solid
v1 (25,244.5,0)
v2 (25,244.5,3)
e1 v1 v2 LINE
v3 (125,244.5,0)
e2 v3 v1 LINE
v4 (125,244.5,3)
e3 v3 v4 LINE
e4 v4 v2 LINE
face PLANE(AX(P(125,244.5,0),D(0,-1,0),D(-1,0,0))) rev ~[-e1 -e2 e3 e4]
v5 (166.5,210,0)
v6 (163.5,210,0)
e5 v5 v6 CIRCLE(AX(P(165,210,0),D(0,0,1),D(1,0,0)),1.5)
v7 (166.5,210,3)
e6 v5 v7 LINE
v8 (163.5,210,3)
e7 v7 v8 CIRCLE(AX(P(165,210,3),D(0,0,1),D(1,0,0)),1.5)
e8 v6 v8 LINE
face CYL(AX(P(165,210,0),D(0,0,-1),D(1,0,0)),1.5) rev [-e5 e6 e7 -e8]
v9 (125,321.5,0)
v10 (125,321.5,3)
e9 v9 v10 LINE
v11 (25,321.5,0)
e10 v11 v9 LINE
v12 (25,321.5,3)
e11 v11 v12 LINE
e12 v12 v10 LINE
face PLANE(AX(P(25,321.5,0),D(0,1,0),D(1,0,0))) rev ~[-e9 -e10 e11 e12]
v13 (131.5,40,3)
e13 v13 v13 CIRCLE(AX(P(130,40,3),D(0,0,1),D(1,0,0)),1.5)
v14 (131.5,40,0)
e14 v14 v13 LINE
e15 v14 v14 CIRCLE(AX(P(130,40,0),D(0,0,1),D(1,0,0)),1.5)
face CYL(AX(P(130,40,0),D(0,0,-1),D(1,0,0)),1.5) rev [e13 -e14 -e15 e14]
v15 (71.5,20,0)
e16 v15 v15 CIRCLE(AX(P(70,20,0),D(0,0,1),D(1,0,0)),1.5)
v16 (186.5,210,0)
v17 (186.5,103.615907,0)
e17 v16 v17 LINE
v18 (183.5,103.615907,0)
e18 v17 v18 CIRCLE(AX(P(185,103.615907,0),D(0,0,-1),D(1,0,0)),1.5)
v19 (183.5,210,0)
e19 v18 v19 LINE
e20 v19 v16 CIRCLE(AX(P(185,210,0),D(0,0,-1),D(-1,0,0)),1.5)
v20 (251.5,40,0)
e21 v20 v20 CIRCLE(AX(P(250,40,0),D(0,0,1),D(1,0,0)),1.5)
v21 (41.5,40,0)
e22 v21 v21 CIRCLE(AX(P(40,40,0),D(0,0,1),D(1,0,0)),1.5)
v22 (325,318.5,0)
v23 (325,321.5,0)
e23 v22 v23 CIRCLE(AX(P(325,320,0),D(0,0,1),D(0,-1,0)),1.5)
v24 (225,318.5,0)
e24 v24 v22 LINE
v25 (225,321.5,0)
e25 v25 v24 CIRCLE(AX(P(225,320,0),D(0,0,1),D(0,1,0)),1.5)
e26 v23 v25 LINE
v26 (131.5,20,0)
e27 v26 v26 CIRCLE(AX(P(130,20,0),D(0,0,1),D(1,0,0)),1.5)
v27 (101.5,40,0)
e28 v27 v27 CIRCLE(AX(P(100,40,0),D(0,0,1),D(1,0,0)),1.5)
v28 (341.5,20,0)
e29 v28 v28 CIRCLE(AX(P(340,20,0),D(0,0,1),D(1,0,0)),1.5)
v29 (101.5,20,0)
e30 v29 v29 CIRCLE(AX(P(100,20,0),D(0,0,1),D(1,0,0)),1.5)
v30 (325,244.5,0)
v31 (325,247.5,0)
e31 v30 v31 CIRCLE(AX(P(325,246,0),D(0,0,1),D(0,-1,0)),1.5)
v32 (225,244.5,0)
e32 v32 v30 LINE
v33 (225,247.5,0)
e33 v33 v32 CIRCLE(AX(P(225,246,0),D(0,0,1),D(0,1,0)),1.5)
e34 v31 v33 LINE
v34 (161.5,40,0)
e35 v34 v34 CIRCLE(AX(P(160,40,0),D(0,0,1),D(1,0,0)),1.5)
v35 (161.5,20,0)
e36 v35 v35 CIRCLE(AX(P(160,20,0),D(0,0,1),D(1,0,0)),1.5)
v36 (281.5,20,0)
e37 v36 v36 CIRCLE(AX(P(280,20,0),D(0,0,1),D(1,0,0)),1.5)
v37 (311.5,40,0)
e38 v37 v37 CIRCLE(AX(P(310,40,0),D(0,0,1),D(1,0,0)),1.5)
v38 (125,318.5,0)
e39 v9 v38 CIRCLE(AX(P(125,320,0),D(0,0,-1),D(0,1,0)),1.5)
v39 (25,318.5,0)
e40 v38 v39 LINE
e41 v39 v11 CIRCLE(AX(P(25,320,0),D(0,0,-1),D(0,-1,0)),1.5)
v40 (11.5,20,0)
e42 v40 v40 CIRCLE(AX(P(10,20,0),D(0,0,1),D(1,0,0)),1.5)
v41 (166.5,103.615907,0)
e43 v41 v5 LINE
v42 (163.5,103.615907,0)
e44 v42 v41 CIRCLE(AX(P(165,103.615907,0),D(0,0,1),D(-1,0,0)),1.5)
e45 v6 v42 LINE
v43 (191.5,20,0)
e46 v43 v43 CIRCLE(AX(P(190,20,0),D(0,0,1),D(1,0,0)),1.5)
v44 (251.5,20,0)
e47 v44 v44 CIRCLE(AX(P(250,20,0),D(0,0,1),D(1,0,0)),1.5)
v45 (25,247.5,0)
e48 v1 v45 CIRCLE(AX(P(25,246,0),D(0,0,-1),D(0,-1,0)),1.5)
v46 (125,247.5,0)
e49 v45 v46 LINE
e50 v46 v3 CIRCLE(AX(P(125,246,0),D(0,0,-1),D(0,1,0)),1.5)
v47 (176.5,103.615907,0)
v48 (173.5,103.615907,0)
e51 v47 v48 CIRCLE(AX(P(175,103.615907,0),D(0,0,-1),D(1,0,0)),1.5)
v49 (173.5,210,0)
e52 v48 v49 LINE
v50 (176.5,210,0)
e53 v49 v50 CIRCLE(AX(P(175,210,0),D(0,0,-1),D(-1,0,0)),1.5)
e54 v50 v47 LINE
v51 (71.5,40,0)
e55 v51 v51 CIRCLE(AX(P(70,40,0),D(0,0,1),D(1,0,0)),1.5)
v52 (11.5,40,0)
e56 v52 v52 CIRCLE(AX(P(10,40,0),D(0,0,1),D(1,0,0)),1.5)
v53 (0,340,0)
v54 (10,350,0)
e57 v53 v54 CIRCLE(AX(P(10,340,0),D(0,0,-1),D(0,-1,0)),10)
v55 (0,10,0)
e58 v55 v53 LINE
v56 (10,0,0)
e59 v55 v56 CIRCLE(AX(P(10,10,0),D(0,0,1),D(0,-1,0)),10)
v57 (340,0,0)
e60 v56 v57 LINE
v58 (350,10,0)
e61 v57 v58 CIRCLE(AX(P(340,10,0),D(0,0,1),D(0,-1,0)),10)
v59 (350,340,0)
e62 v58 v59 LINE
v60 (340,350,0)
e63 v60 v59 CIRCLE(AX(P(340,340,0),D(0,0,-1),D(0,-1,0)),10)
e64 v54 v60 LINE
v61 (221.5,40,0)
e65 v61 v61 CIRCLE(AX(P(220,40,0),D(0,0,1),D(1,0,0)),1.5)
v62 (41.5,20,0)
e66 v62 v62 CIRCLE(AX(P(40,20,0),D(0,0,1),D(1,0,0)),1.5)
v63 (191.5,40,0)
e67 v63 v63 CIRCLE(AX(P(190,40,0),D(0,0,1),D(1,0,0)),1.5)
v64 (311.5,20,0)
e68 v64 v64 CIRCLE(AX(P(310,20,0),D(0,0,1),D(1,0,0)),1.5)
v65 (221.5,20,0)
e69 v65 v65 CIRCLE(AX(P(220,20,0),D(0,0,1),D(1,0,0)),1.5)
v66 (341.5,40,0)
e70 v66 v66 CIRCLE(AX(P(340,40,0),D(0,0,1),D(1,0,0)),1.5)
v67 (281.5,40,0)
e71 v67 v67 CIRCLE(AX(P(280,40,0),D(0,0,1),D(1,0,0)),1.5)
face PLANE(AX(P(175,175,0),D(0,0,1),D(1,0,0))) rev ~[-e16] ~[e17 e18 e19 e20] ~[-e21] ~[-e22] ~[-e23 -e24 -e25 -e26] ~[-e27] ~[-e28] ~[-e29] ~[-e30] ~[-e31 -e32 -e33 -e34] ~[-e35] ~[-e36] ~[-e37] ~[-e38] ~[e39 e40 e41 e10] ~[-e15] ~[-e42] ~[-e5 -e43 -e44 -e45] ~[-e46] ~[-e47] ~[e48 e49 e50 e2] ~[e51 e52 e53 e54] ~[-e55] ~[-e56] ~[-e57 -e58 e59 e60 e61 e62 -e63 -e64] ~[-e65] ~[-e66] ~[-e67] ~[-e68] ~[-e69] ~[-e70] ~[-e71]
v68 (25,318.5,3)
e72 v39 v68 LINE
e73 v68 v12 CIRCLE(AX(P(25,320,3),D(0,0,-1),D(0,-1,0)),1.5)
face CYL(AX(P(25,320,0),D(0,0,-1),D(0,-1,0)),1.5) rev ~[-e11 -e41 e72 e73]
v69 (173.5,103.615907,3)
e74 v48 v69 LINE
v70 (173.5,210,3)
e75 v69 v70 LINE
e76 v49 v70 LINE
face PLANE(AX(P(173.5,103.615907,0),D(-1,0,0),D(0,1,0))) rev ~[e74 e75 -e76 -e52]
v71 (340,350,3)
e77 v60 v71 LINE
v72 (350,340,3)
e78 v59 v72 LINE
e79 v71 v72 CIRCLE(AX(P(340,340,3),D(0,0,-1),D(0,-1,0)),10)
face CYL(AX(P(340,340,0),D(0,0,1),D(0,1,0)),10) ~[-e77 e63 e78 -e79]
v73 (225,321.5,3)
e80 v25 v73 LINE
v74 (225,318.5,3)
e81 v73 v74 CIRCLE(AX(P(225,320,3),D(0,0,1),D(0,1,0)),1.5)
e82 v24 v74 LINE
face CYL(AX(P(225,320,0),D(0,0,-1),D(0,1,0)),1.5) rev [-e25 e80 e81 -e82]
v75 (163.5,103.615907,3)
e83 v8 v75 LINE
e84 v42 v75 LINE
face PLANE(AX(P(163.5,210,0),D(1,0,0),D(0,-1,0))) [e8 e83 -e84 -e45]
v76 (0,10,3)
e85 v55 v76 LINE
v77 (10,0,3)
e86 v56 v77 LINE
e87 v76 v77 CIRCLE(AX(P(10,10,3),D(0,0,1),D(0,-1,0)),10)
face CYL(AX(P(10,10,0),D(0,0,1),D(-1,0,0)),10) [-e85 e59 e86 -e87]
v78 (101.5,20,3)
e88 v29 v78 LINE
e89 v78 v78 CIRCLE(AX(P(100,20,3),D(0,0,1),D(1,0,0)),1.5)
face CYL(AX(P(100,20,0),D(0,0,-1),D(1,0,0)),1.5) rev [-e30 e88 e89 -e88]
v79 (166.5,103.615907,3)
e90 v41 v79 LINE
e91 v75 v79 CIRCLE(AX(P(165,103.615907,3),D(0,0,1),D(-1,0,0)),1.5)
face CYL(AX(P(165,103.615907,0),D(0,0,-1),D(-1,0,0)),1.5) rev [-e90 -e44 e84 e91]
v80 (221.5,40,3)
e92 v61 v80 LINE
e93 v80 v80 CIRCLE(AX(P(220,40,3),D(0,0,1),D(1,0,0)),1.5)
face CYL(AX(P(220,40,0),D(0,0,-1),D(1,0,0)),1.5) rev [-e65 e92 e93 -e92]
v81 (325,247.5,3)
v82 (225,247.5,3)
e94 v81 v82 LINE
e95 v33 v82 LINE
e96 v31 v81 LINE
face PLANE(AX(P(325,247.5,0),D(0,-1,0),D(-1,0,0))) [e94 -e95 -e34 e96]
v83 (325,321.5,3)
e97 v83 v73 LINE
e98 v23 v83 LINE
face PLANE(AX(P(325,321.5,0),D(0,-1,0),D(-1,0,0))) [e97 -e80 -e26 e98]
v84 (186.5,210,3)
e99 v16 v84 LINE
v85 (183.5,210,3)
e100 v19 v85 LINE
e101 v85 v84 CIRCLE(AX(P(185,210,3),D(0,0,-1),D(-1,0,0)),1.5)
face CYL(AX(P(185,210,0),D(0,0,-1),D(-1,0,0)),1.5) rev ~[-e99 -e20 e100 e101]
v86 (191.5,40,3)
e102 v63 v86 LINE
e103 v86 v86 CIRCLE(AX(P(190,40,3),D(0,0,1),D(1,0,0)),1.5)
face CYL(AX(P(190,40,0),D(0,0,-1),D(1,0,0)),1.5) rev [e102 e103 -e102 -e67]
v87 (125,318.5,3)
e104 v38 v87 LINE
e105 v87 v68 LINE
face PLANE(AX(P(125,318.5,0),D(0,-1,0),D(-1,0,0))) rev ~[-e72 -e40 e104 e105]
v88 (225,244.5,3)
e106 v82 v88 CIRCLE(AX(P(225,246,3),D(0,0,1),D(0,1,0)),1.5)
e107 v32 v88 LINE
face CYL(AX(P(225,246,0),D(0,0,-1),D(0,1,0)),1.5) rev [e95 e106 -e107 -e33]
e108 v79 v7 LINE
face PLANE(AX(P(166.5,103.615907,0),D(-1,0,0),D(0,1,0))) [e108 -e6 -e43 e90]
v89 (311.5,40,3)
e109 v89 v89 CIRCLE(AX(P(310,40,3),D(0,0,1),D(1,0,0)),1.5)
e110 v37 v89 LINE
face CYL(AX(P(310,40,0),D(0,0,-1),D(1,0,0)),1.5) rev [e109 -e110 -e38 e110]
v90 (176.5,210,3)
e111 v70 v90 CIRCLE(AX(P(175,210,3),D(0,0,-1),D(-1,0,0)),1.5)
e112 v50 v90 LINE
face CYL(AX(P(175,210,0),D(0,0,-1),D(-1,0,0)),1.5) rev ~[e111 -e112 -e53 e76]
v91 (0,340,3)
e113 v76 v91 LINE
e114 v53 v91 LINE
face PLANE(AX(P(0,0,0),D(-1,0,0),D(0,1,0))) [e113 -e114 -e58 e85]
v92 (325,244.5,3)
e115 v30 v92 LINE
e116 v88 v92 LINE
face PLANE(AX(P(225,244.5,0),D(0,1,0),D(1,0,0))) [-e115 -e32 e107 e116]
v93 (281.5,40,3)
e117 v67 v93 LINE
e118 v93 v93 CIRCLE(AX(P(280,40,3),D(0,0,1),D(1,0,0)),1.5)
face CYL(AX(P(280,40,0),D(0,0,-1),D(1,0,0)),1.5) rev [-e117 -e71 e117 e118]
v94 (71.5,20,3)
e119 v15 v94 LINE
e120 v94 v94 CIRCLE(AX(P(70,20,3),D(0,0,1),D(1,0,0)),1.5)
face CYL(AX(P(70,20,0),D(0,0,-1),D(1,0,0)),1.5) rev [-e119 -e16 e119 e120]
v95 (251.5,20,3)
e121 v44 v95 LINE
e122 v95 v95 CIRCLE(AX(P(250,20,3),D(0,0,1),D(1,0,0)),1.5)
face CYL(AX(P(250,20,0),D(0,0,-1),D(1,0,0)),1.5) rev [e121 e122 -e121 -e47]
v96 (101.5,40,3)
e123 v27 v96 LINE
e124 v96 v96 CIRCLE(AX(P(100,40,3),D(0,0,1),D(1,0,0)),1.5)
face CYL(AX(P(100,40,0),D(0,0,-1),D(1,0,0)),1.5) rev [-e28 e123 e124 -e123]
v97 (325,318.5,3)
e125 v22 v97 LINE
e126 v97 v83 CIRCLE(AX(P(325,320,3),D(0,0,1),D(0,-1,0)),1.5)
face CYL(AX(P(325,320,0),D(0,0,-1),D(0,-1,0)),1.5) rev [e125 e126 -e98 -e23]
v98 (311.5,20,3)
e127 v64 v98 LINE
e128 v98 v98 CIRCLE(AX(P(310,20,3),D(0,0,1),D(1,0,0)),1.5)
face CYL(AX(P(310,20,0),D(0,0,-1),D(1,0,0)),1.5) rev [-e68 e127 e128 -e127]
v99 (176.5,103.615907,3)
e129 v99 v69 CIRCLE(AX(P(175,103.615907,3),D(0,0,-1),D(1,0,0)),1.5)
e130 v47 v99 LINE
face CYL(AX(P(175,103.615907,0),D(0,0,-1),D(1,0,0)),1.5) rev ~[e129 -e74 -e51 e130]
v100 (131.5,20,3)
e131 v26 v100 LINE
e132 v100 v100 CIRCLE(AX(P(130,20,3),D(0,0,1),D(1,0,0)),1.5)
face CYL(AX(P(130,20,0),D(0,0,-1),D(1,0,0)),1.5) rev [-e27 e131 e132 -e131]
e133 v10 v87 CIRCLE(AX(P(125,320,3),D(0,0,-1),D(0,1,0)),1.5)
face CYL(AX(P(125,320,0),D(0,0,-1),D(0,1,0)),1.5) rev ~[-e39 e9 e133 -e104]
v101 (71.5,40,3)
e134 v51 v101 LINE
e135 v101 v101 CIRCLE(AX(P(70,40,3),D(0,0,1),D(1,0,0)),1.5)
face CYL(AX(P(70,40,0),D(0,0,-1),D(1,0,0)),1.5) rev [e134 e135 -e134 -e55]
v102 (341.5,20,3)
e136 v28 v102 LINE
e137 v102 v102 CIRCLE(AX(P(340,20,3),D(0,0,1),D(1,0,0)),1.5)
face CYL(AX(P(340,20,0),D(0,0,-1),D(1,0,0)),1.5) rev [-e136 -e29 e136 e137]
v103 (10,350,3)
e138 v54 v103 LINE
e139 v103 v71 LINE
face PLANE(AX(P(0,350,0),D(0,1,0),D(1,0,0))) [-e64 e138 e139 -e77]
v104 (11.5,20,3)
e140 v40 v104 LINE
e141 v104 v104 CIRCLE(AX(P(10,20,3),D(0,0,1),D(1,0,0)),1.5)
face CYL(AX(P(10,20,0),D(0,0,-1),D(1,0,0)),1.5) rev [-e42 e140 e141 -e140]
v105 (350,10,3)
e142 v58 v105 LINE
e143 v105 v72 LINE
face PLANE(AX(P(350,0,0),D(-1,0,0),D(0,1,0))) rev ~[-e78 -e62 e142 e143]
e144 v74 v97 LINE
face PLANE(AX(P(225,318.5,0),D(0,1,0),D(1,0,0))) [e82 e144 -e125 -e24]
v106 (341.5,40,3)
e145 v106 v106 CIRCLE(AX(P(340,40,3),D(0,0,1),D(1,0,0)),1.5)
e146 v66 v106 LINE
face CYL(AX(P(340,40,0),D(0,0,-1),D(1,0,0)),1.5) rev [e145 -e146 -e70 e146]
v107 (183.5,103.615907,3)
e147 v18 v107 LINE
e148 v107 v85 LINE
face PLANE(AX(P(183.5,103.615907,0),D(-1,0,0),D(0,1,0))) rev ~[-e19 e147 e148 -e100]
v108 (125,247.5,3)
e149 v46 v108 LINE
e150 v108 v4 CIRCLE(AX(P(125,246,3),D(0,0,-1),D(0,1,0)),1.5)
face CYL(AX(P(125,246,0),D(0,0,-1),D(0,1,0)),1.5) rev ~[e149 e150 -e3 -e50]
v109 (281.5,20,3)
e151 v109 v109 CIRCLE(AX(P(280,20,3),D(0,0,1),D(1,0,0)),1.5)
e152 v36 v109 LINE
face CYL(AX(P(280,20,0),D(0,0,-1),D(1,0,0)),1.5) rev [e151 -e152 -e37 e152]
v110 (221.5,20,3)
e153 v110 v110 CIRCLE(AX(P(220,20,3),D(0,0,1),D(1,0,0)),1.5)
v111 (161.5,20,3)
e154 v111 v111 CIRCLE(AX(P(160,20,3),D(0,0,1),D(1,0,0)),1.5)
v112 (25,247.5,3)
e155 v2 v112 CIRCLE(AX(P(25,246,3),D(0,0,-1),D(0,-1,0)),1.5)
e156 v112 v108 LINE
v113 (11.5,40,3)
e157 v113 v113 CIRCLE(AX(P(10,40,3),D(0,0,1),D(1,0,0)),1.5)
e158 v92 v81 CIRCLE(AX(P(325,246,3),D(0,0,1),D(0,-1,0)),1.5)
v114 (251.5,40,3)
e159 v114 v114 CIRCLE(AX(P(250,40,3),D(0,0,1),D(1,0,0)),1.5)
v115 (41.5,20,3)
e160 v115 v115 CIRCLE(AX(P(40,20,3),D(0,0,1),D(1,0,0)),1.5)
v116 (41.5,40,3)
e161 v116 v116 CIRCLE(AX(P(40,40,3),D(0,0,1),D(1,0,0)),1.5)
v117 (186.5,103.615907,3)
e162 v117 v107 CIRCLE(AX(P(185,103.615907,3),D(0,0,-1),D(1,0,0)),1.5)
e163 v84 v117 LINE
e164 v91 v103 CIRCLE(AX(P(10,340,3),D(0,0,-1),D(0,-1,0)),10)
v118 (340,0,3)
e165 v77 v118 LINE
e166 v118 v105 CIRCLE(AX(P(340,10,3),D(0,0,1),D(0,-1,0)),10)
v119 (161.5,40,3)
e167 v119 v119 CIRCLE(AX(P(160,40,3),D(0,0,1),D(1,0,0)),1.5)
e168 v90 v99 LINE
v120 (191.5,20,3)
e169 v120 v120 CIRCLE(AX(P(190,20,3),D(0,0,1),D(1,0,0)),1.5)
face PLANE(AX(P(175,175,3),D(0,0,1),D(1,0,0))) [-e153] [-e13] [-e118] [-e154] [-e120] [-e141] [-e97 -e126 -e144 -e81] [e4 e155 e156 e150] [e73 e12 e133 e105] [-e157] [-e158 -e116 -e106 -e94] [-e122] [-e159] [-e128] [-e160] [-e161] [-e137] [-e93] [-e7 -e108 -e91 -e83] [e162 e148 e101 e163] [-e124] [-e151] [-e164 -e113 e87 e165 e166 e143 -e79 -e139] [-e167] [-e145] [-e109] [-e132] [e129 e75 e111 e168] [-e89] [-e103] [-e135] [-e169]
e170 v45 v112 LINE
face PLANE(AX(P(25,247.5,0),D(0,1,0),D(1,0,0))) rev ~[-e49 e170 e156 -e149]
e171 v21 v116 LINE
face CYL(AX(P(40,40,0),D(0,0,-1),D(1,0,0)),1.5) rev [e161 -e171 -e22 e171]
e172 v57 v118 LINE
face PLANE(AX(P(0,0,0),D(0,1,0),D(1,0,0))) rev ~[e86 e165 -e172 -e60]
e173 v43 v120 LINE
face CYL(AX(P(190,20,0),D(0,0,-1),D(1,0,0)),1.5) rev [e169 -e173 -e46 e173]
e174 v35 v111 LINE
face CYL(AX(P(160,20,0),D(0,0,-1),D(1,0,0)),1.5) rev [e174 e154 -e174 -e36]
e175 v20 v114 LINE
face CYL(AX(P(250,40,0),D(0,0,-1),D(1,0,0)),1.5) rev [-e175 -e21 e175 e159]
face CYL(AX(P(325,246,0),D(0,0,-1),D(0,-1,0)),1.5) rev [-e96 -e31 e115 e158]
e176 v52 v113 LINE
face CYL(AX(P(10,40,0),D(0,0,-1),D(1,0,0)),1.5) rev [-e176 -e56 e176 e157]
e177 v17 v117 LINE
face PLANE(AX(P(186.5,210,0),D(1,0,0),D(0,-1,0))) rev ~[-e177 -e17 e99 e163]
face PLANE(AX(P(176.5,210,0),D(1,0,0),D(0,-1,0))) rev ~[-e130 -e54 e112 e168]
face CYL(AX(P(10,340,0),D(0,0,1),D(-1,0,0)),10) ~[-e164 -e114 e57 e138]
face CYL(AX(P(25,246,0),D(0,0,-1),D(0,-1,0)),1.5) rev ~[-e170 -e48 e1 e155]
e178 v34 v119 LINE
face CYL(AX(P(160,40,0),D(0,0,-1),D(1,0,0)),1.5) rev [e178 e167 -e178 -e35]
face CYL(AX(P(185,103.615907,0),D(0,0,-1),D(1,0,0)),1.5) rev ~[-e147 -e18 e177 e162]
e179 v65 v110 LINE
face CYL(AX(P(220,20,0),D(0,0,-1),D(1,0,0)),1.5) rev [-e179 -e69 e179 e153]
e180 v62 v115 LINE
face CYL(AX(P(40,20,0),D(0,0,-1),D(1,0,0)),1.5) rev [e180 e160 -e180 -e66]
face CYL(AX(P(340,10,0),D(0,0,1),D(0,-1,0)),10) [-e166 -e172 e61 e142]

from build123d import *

# Parameters (mm, degrees)
SKETCH_1_R      = 1.5
EXTRUDE_1_DEPTH = 3
FILLET_1_R      = 10


with BuildPart() as part:
    # 草图1 → 凸台-拉伸1 (new body)
    with BuildSketch(Plane.XY):
        Polygon((0, 350), (0, 0), (10, 0), (350, 0), (350, 350), align=None)
        with Locations((10, 20)):
            Circle(SKETCH_1_R, mode=Mode.SUBTRACT)
        with Locations((40, 20)):
            Circle(SKETCH_1_R, mode=Mode.SUBTRACT)
        with Locations((10, 40)):
            Circle(SKETCH_1_R, mode=Mode.SUBTRACT)
        with Locations((40, 40)):
            Circle(SKETCH_1_R, mode=Mode.SUBTRACT)
        with Locations((70, 20)):
            Circle(SKETCH_1_R, mode=Mode.SUBTRACT)
        with Locations((70, 40)):
            Circle(SKETCH_1_R, mode=Mode.SUBTRACT)
        with Locations((100, 20)):
            Circle(SKETCH_1_R, mode=Mode.SUBTRACT)
        with Locations((130, 20)):
            Circle(SKETCH_1_R, mode=Mode.SUBTRACT)
        with Locations((100, 40)):
            Circle(SKETCH_1_R, mode=Mode.SUBTRACT)
        with Locations((130, 40)):
            Circle(SKETCH_1_R, mode=Mode.SUBTRACT)
        with Locations((160, 20)):
            Circle(SKETCH_1_R, mode=Mode.SUBTRACT)
        with Locations((160, 40)):
            Circle(SKETCH_1_R, mode=Mode.SUBTRACT)
        with BuildLine():
            Line((163.5, 103.615907309), (163.5, 210))
            ThreePointArc((163.5, 210), (165, 211.5), (166.5, 210))
            Line((166.5, 210), (166.5, 103.615907309))
            ThreePointArc((166.5, 103.615907309), (165, 102.115907309), (163.5, 103.615907309))
        make_face(mode=Mode.SUBTRACT)
        with Locations((190, 20)):
            Circle(SKETCH_1_R, mode=Mode.SUBTRACT)
        with Locations((190, 40)):
            Circle(SKETCH_1_R, mode=Mode.SUBTRACT)
        with Locations((220, 20)):
            Circle(SKETCH_1_R, mode=Mode.SUBTRACT)
        with Locations((250, 20)):
            Circle(SKETCH_1_R, mode=Mode.SUBTRACT)
        with Locations((220, 40)):
            Circle(SKETCH_1_R, mode=Mode.SUBTRACT)
        with Locations((250, 40)):
            Circle(SKETCH_1_R, mode=Mode.SUBTRACT)
        with Locations((280, 20)):
            Circle(SKETCH_1_R, mode=Mode.SUBTRACT)
        with Locations((280, 40)):
            Circle(SKETCH_1_R, mode=Mode.SUBTRACT)
        with Locations((310, 20)):
            Circle(SKETCH_1_R, mode=Mode.SUBTRACT)
        with Locations((340, 20)):
            Circle(SKETCH_1_R, mode=Mode.SUBTRACT)
        with Locations((310, 40)):
            Circle(SKETCH_1_R, mode=Mode.SUBTRACT)
        with Locations((340, 40)):
            Circle(SKETCH_1_R, mode=Mode.SUBTRACT)
        with BuildLine():
            ThreePointArc((173.5, 210), (175, 211.5), (176.5, 210))
            Line((176.5, 210), (176.5, 103.615907309))
            ThreePointArc((176.5, 103.615907309), (175, 102.115907309), (173.5, 103.615907309))
            Line((173.5, 103.615907309), (173.5, 210))
        make_face(mode=Mode.SUBTRACT)
        with BuildLine():
            ThreePointArc((183.5, 210), (185, 211.5), (186.5, 210))
            Line((186.5, 210), (186.5, 103.615907309))
            ThreePointArc((186.5, 103.615907309), (185, 102.115907309), (183.5, 103.615907309))
            Line((183.5, 103.615907309), (183.5, 210))
        make_face(mode=Mode.SUBTRACT)
        with BuildLine():
            ThreePointArc((25, 244.5), (23.5, 246), (25, 247.5))
            Line((25, 247.5), (125, 247.5))
            ThreePointArc((125, 247.5), (126.5, 246), (125, 244.5))
            Line((125, 244.5), (25, 244.5))
        make_face(mode=Mode.SUBTRACT)
        with BuildLine():
            ThreePointArc((25, 318.5), (23.5, 320), (25, 321.5))
            Line((25, 321.5), (125, 321.5))
            ThreePointArc((125, 321.5), (126.5, 320), (125, 318.5))
            Line((125, 318.5), (25, 318.5))
        make_face(mode=Mode.SUBTRACT)
        with BuildLine():
            Line((225, 247.5), (325, 247.5))
            ThreePointArc((325, 247.5), (326.5, 246), (325, 244.5))
            Line((325, 244.5), (225, 244.5))
            ThreePointArc((225, 244.5), (223.5, 246), (225, 247.5))
        make_face(mode=Mode.SUBTRACT)
        with BuildLine():
            Line((225, 321.5), (325, 321.5))
            ThreePointArc((325, 321.5), (326.5, 320), (325, 318.5))
            Line((325, 318.5), (225, 318.5))
            ThreePointArc((225, 318.5), (223.5, 320), (225, 321.5))
        make_face(mode=Mode.SUBTRACT)
    extrude(amount=EXTRUDE_1_DEPTH)

    # 圆角1
    fillet_1_edges = [part.edges().sort_by_distance(p)[0] for p in [
        (0, 0, 1.5),
        (350, 0, 1.5),
        (0, 350, 1.5),
        (350, 350, 1.5),
    ]]
    fillet(fillet_1_edges, radius=FILLET_1_R)


solid = part.part
